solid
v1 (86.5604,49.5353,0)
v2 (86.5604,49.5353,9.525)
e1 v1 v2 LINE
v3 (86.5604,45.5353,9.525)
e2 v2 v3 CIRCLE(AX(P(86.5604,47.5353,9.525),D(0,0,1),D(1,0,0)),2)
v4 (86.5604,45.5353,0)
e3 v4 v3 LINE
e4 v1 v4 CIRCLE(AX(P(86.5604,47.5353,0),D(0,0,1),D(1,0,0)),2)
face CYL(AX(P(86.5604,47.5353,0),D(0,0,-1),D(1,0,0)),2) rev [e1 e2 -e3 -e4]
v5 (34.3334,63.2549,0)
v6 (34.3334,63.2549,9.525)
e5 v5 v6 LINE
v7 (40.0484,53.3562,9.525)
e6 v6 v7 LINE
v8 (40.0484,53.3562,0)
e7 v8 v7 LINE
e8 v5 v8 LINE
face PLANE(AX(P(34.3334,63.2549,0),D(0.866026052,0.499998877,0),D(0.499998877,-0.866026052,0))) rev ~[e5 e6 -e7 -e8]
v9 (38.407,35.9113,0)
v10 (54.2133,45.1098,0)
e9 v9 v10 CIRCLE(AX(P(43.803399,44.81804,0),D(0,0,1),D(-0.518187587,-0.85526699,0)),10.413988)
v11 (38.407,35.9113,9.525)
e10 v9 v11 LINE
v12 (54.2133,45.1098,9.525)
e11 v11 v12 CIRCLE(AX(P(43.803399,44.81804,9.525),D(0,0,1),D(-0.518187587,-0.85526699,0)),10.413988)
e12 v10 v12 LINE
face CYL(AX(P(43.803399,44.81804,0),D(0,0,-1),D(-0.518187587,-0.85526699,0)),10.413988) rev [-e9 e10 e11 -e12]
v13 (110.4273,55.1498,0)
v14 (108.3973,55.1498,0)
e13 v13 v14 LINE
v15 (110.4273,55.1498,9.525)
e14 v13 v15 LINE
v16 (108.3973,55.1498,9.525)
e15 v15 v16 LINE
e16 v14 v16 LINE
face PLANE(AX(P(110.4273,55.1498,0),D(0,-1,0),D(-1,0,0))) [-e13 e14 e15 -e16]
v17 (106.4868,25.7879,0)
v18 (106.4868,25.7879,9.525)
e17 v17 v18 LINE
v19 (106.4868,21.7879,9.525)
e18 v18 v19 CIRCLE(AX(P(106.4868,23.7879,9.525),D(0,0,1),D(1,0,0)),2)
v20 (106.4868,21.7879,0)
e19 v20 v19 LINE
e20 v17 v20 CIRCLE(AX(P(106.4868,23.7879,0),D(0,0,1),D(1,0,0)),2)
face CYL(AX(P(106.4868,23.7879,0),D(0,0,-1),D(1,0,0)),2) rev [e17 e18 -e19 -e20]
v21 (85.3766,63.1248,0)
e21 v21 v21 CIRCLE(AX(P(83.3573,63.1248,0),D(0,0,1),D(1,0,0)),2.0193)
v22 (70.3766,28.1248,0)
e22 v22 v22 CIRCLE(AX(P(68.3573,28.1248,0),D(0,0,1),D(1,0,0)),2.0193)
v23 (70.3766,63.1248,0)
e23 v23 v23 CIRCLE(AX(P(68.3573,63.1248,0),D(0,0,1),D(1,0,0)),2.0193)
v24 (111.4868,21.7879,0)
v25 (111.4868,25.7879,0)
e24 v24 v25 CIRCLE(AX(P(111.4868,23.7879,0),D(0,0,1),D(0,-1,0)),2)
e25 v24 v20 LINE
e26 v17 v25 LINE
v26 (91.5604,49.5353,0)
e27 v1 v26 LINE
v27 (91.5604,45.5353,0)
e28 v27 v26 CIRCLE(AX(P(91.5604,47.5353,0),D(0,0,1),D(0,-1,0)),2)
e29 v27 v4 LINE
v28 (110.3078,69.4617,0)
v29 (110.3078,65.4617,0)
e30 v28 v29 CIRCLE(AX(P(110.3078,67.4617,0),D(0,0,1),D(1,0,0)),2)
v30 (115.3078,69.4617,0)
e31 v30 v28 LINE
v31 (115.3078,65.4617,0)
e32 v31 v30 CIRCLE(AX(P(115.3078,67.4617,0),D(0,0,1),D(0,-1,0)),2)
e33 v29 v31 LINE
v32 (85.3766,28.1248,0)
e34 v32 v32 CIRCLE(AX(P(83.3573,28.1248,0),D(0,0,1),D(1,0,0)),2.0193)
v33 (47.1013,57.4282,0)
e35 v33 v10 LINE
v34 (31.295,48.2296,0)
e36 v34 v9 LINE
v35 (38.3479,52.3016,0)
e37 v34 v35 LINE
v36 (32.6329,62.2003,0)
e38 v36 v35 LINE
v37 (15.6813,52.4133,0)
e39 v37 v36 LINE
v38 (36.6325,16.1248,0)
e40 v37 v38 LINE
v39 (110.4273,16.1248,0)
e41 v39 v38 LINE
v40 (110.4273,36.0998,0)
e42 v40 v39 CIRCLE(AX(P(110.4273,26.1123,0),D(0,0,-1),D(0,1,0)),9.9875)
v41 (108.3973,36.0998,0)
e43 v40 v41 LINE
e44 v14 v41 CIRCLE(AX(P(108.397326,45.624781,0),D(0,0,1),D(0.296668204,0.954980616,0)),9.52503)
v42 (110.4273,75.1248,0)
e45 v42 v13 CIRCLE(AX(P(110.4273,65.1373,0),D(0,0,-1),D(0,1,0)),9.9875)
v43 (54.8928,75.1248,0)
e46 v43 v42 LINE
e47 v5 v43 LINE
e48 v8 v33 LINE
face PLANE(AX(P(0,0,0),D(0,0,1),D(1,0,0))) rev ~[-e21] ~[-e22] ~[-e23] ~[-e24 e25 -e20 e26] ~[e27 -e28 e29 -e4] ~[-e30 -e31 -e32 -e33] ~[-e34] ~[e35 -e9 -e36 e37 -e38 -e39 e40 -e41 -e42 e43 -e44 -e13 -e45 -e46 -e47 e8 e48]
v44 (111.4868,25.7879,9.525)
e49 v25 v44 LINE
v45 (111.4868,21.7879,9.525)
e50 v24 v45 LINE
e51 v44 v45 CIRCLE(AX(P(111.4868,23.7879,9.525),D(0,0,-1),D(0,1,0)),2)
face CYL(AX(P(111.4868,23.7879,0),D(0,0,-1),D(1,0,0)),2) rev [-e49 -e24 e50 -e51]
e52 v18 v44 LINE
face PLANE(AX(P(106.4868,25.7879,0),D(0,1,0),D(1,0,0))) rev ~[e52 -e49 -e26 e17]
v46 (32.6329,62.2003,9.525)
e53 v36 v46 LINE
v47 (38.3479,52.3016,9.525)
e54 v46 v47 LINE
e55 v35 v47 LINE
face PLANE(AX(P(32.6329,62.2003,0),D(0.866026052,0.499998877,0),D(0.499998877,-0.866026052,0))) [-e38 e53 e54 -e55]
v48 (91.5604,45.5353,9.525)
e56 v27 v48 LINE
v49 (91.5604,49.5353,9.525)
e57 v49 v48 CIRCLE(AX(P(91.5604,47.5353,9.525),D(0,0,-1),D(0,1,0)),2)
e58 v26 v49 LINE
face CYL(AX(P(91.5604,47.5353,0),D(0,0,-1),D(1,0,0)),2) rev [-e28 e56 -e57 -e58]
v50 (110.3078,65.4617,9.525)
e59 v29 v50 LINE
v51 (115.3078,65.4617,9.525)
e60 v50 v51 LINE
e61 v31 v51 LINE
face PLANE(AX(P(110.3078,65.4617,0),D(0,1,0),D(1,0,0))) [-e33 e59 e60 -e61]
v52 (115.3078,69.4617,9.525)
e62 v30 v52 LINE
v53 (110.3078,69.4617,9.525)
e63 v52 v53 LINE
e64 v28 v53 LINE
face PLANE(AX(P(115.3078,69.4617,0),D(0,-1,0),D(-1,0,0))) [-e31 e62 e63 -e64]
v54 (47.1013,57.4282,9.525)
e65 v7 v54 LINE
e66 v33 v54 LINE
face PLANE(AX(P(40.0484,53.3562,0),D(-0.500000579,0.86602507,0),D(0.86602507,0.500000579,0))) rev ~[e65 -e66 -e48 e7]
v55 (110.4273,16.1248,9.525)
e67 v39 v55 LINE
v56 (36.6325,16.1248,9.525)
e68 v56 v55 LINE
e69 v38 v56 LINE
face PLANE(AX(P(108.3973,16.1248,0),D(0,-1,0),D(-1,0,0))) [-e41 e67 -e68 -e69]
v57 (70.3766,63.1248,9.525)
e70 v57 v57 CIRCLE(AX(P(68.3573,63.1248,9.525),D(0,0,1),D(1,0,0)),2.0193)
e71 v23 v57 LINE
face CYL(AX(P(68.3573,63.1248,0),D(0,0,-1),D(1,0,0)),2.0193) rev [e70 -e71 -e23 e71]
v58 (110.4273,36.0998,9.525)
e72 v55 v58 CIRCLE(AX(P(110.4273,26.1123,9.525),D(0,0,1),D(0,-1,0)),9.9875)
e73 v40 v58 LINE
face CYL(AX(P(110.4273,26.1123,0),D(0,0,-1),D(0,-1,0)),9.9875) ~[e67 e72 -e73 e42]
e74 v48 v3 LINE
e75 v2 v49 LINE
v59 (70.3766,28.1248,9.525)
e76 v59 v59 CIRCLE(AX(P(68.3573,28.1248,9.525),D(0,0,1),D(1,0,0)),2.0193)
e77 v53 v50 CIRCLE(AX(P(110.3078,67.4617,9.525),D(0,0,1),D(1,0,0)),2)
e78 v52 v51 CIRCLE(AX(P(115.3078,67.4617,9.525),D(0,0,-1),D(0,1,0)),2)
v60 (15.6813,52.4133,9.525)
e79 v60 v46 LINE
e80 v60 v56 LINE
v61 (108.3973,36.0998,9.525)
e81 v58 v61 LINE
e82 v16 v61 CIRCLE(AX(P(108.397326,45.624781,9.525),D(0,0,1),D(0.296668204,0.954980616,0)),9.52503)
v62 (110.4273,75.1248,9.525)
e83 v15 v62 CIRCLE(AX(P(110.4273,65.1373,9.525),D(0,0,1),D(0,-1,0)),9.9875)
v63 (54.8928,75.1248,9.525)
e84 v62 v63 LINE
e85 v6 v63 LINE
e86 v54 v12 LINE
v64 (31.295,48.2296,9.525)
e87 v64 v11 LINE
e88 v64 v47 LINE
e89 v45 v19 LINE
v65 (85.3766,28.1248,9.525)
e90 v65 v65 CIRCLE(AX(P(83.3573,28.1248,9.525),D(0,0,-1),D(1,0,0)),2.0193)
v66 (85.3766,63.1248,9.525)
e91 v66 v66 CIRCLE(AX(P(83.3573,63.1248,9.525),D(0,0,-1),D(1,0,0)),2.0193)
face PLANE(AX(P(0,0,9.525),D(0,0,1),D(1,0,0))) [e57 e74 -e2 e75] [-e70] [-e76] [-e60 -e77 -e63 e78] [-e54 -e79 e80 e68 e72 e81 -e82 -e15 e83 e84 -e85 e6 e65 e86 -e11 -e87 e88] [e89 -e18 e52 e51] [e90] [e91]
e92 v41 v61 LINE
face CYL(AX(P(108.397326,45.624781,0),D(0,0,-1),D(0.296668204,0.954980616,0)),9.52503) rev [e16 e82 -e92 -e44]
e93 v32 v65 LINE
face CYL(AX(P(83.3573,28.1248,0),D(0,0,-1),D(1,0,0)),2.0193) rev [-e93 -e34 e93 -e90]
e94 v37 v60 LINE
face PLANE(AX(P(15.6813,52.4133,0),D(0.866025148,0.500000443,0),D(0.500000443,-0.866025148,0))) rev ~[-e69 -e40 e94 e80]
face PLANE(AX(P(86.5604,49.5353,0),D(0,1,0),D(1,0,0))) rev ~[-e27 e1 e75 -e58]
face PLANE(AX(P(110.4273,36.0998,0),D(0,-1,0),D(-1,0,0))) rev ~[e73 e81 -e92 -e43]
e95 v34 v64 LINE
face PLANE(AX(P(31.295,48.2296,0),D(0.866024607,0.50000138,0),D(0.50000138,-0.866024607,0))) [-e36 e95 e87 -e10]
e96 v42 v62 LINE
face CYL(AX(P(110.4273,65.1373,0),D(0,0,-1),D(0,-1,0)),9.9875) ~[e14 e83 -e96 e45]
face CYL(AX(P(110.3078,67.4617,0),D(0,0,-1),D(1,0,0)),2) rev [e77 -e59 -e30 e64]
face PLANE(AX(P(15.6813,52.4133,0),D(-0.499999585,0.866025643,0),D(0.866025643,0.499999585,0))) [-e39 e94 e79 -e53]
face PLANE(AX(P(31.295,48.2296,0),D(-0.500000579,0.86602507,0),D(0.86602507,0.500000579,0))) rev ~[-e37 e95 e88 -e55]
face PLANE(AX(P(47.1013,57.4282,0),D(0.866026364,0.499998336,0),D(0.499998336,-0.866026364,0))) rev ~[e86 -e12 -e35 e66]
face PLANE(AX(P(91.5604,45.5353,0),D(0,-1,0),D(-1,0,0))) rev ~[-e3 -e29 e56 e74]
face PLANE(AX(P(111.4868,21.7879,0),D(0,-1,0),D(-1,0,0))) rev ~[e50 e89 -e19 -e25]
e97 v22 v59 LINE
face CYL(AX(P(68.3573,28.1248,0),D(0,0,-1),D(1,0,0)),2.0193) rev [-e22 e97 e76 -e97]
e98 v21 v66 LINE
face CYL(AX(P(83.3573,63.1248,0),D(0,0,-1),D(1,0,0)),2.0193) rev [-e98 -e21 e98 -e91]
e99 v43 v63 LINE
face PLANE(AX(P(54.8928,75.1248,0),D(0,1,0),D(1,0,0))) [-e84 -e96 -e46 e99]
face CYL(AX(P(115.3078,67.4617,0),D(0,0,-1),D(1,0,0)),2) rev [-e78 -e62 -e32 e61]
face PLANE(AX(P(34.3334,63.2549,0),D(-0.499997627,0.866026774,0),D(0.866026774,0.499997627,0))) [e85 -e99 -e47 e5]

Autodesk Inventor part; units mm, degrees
ref_plane "Work Plane1" through (55.1323, 75.1235, 12.7) normal (-0.866, -0.5, 0) x (0, 0, 1)
ref_plane "YZ Plane" through (0, 0, 0) normal (1, 0, 0) x (0, 1, 0)
ref_plane "XZ Plane" through (0, 0, 0) normal (0, 1, 0) x (-1, 0, 0)
sketch "sketch_plate" plane through (0, 0, 0) normal (0, 0, 1) x (1, 0, 0)
  line L0 (31.295, 48.2296) -> (38.3479, 52.3016)
  line L1 (47.1013, 57.4282) -> (54.2133, 45.1098)
  line L2 (31.295, 48.2296) -> (38.407, 35.9113)
  arc A0 (38.407, 35.9113) -> (54.2133, 45.1098) centre (43.8034, 44.8181) ccw
  line L3 (15.6813, 52.4133) -> (32.6329, 62.2003)
  line L4 (15.6813, 52.4133) -> (36.6325, 16.1248)
  line L5 (-9.4061, 0) -> (166.2056, 0) projected
  line L6 (0, -0.1502) -> (0, 91.4329) projected
  line L7 (34.3334, 63.2549) -> (40.0484, 53.3562)
  line L8 (32.6329, 62.2003) -> (38.3479, 52.3016)
  line L9 (34.3334, 63.2549) -> (54.8928, 75.1248)
  line L10 (40.0484, 53.3562) -> (47.1013, 57.4282)
  arc A1 (113.2079, 16.5197) -> (110.4273, 16.1948) centre (108.3973, 45.6248) ccw
  circle A2 centre (43.3573, 45.6248) radius 3.975 construction
  circle A3 centre (68.3573, 28.1248) radius 2.0193
  circle A4 centre (83.3573, 28.1248) radius 2.0193
  circle A5 centre (68.3573, 63.1248) radius 2.0193
  circle A6 centre (83.3573, 63.1248) radius 2.0193
  arc A7 (111.2231, 54.721) -> (117.8999, 44.9711) centre (108.3973, 45.6248) ccw
  circle A8 centre (86.5604, 47.5353) radius 2
  circle A9 centre (110.3078, 67.4617) radius 2
  circle A10 centre (130.2342, 43.7144) radius 2
  circle A11 centre (106.4868, 23.7879) radius 2
  line L11 (110.3078, 67.4617) -> (106.4868, 23.7879) construction
  line L12 (130.2342, 43.7144) -> (86.5604, 47.5353) construction
  circle A12 centre (91.5604, 47.5353) radius 2
  circle A13 centre (115.3078, 67.4617) radius 2
  circle A14 centre (111.4868, 23.7879) radius 2
  circle A15 centre (135.2342, 43.7144) radius 2
  circle A16 centre (110.4273, 45.6248) radius 29.5 construction
  circle A17 centre (110.4273, 45.6248) radius 9.525 construction
  line L13 (115.3078, 69.4617) -> (110.3078, 69.4617)
  line L14 (110.3078, 65.4617) -> (115.3078, 65.4617)
  line L15 (106.4868, 25.7879) -> (111.4868, 25.7879)
  line L16 (111.4868, 21.7879) -> (106.4868, 21.7879)
  line L17 (86.5604, 49.5353) -> (91.5604, 49.5353)
  line L18 (91.5604, 45.5353) -> (86.5604, 45.5353)
  line L19 (110.4273, 45.6248) -> (43.3573, 45.6248) construction
  circle A18 centre (88.5904, 47.5353) radius 2 construction
  circle A19 centre (112.3378, 67.4617) radius 2 construction
  circle A20 centre (132.2642, 43.7144) radius 2 construction
  circle A21 centre (108.5168, 23.7879) radius 2 construction
  line L20 (130.2342, 45.7144) -> (135.2342, 45.7144)
  line L21 (135.2342, 41.7144) -> (130.2342, 41.7144)
  line L22 (132.2642, 43.7144) -> (88.5904, 47.5353) construction
  line L23 (112.3378, 67.4617) -> (108.5168, 23.7879) construction
  line L24 (68.3573, 63.1248) -> (68.3573, 28.1248) construction
  line L25 (83.3573, 28.1248) -> (83.3573, 63.1248) construction
  arc A22 (110.4273, 55.1498) -> (110.4273, 75.1248) centre (110.4273, 65.1373) ccw
  arc A23 (110.4273, 16.1248) -> (110.4273, 36.0998) centre (110.4273, 26.1123) ccw
  line L26 (110.4273, 16.1248) -> (110.4273, 75.1248) construction
  line L27 (110.4273, 36.0998) -> (108.3973, 36.0998)
  line L28 (110.4273, 55.1498) -> (108.3973, 55.1498)
  arc A24 (117.8999, 44.9711) -> (111.2231, 54.721) centre (108.3973, 45.6248) ccw construction
  line L29 (108.3973, 16.1248) -> (36.6325, 16.1248)
  line L30 (54.8928, 75.1248) -> (110.4273, 75.1248)
  line L31 (110.4273, 16.1248) -> (108.3973, 16.1248)
  point P0 (114.7514, 74.4324)
  point P1 (112.8078, 65.4617)
  point P2 (108.3973, 45.6248)
  dimension "d8" = 18.288
  dimension "d9" = 14.224
  dimension "d10" = 10.414
  dimension "d13" = 11.43
  dimension "d14" = 11.43
  dimension "d15" = 2
  dimension "d17" = 59
  dimension "d18" = 7.95
  dimension "d19" = 9.144
  dimension "d20" = 9.2717
  dimension "d21" = 30
  dimension "d22" = 8.35
  dimension "d23" = 65.04
  dimension "d25" = 4.0386
  dimension "d26" = 4.0386
  dimension "d27" = 4.0386
  dimension "d28" = 4.0386
  dimension "d32" = 19.05
  dimension "d33" = 4
  dimension "d34" = 4
  dimension "d35" = 4
  dimension "d36" = 4
  dimension "d38" = 31
  dimension "d39" = 31
  dimension "d40" = 31
  dimension "d41" = 31
  dimension "d42" = 15
  dimension "d43" = 35
  dimension "d44" = 35
  dimension "d49" = 4
  dimension "d50" = 4
  dimension "d51" = 4
  dimension "d52" = 4
  dimension "d53" = 5
  dimension "d54" = 59
  dimension "d55" = 67.07
  dimension "d56" = 19.05
  dimension "d57" = 5
  dimension "d58" = 5
  dimension "d59" = 5
  dimension "d60" = 4
  dimension "d61" = 4
  dimension "d62" = 4
  dimension "d63" = 4
  dimension "d68" = 5
  dimension "d69" = 5
  dimension "d70" = 31
  dimension "d71" = 31
  dimension "d72" = 31
  dimension "d73" = 31
  dimension "d92" = 55.5345
  dimension "d95" = 25
  dimension "d87" = 4.0386
extrude "Extrusion10" add sketch "sketch_plate" along normal blind 9.525 contours L2 A0 L1 L10 L7 L9 L30 A1 A6 A4 L29 L4 L3 L8 L0 | A1 A4 A6 A22 L28 A7 L27 A23 L31 | L30 A22 A1
properties part number "MMplate1"
